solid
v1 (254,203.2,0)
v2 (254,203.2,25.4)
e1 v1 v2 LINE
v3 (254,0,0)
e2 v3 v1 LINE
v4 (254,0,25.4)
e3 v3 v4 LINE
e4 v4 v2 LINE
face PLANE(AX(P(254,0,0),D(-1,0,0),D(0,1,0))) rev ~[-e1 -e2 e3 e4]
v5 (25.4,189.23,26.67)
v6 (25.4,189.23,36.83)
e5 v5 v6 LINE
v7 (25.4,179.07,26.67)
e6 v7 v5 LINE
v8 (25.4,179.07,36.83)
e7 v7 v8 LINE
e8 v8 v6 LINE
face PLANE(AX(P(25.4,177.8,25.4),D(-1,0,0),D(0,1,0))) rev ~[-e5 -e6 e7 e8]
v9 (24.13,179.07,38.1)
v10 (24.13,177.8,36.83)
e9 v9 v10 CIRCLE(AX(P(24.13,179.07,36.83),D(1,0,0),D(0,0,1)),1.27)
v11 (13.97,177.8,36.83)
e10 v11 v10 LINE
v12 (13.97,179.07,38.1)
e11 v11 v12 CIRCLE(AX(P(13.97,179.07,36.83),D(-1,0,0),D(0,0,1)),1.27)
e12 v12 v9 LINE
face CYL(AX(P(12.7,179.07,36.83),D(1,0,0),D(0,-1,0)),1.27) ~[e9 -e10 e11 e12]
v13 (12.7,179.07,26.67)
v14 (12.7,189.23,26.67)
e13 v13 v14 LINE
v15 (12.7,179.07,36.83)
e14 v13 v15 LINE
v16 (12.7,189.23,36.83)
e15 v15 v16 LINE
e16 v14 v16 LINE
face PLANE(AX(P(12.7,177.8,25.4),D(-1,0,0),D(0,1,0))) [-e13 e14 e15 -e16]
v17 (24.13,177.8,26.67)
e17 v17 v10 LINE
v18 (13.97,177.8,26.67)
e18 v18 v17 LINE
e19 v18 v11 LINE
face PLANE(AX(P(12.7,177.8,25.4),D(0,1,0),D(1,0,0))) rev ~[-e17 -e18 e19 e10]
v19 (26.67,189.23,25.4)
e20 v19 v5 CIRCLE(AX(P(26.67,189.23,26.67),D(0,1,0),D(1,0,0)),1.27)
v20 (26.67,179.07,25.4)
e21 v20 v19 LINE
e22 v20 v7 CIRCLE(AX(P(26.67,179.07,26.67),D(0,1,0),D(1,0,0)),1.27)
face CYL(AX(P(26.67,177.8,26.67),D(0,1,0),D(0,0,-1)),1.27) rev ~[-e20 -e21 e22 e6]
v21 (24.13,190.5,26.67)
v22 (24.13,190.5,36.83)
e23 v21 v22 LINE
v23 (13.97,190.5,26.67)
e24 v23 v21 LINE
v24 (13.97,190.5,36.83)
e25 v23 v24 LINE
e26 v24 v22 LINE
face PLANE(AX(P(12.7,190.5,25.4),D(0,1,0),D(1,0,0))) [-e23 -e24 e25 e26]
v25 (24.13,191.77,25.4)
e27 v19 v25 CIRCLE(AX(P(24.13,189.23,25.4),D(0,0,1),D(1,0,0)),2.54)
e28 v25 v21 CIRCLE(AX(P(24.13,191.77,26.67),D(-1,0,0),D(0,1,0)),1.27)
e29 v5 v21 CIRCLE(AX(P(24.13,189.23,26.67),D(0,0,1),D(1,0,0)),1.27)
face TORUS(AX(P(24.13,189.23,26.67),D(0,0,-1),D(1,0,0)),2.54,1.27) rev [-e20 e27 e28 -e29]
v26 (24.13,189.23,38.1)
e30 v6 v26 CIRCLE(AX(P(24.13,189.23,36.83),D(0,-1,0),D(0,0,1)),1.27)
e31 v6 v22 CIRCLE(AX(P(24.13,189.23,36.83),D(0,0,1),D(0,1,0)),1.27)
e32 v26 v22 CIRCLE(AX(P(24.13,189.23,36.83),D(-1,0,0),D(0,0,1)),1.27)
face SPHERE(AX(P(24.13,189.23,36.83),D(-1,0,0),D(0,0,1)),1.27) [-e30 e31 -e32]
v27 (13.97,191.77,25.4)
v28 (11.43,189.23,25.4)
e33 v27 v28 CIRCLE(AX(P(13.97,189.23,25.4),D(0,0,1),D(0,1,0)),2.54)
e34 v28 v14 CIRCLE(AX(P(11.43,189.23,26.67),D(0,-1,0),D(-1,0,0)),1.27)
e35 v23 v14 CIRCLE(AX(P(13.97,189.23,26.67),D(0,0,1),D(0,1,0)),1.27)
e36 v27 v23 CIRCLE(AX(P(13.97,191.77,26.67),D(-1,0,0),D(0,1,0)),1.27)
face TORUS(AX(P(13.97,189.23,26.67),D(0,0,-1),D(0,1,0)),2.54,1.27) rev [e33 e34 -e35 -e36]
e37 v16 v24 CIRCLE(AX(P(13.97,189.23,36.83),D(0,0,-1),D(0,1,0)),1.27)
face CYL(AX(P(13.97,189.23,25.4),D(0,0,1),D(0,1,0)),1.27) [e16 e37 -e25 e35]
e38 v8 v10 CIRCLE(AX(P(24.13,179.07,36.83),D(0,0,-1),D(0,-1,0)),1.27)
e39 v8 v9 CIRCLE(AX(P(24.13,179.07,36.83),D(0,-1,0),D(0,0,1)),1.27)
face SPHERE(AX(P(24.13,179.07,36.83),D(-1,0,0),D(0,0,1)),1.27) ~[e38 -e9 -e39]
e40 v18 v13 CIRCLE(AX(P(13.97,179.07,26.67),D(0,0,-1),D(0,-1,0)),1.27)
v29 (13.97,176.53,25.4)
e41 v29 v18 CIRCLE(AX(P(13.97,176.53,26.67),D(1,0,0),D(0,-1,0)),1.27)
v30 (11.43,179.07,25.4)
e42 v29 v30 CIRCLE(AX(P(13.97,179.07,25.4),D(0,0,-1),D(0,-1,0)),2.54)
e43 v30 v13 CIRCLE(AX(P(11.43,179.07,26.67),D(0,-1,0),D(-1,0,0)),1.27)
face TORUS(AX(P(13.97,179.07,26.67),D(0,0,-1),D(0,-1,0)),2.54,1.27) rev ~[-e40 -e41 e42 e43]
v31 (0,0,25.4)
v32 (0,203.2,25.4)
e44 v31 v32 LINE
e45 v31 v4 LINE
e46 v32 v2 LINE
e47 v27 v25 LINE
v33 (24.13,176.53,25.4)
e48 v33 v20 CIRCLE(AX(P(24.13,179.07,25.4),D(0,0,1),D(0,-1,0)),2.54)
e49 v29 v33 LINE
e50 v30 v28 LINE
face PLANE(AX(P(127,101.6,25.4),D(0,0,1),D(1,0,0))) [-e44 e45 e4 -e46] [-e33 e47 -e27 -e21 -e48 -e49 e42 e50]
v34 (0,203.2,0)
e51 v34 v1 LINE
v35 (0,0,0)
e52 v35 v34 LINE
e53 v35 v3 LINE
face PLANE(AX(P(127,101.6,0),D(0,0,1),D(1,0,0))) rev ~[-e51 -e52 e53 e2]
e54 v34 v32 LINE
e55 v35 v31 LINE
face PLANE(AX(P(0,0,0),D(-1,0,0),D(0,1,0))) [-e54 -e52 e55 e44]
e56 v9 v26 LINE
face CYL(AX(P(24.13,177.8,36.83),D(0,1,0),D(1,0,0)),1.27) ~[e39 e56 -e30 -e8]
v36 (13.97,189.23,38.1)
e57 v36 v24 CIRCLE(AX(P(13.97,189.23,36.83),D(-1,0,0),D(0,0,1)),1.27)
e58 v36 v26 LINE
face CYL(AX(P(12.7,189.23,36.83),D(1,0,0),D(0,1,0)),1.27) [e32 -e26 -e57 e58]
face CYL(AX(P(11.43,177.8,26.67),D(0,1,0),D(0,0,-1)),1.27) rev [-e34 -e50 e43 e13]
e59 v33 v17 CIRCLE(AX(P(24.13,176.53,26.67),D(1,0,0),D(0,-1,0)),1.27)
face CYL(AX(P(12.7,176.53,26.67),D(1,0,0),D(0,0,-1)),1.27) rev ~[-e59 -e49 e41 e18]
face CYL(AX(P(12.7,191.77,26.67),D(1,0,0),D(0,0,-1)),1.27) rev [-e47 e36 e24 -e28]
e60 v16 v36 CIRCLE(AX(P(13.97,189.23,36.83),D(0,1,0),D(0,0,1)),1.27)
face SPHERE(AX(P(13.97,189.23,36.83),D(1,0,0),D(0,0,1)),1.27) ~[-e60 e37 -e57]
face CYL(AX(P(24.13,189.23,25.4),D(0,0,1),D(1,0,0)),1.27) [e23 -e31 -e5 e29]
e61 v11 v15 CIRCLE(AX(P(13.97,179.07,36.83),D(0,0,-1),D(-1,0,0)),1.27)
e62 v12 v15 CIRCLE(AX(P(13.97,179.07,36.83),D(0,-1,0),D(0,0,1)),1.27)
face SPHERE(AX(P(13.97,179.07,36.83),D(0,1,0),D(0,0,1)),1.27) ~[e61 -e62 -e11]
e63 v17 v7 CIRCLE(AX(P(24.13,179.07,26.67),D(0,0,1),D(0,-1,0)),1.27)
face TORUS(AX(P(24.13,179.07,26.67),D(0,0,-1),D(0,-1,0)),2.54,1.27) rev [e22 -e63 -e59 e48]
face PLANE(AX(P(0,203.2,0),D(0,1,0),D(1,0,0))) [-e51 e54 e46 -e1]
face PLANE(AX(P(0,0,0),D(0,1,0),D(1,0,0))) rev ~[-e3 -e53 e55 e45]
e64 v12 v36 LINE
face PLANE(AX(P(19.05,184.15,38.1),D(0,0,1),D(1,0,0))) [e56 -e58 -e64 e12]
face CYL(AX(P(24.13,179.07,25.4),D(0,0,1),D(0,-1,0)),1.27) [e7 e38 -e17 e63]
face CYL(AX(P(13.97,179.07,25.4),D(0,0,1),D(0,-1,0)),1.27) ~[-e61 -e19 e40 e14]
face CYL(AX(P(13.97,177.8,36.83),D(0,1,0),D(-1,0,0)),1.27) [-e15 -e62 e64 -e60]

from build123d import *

# Parameters (mm, degrees)
F0_W     = 254
F0_H     = 203.2
F1_DEPTH = 25.4
F2_W     = 12.7
F2_H     = 12.7
F3_DEPTH = 12.7
F4_R     = 1.27


with BuildPart() as f1:
    # F0 (on Top) → F1 (new body)
    with BuildSketch(Plane.XY):
        with Locations((127, 101.6)):
            Rectangle(F0_W, F0_H)
    extrude(amount=F1_DEPTH)

    # F2 (on face) → F3 (join)
    with BuildSketch(Plane.XY.offset(25.4)):
        with Locations((19.05, 184.15)):
            Rectangle(F2_W, F2_H)
    extrude(amount=F3_DEPTH)

    # F4
    f4_edges = [f1.edges().sort_by_distance(p)[0] for p in [
        (19.05, 177.8, 25.4),
        (25.4, 184.15, 25.4),
        (19.05, 190.5, 25.4),
        (12.7, 184.15, 25.4),
        (19.05, 190.5, 38.1),
        (12.7, 184.15, 38.1),
        (19.05, 177.8, 38.1),
        (25.4, 184.15, 38.1),
        (12.7, 177.8, 31.75),
        (25.4, 177.8, 31.75),
        (25.4, 190.5, 31.75),
        (12.7, 190.5, 31.75),
    ]]
    fillet(f4_edges, radius=F4_R)


solid = f1.part
